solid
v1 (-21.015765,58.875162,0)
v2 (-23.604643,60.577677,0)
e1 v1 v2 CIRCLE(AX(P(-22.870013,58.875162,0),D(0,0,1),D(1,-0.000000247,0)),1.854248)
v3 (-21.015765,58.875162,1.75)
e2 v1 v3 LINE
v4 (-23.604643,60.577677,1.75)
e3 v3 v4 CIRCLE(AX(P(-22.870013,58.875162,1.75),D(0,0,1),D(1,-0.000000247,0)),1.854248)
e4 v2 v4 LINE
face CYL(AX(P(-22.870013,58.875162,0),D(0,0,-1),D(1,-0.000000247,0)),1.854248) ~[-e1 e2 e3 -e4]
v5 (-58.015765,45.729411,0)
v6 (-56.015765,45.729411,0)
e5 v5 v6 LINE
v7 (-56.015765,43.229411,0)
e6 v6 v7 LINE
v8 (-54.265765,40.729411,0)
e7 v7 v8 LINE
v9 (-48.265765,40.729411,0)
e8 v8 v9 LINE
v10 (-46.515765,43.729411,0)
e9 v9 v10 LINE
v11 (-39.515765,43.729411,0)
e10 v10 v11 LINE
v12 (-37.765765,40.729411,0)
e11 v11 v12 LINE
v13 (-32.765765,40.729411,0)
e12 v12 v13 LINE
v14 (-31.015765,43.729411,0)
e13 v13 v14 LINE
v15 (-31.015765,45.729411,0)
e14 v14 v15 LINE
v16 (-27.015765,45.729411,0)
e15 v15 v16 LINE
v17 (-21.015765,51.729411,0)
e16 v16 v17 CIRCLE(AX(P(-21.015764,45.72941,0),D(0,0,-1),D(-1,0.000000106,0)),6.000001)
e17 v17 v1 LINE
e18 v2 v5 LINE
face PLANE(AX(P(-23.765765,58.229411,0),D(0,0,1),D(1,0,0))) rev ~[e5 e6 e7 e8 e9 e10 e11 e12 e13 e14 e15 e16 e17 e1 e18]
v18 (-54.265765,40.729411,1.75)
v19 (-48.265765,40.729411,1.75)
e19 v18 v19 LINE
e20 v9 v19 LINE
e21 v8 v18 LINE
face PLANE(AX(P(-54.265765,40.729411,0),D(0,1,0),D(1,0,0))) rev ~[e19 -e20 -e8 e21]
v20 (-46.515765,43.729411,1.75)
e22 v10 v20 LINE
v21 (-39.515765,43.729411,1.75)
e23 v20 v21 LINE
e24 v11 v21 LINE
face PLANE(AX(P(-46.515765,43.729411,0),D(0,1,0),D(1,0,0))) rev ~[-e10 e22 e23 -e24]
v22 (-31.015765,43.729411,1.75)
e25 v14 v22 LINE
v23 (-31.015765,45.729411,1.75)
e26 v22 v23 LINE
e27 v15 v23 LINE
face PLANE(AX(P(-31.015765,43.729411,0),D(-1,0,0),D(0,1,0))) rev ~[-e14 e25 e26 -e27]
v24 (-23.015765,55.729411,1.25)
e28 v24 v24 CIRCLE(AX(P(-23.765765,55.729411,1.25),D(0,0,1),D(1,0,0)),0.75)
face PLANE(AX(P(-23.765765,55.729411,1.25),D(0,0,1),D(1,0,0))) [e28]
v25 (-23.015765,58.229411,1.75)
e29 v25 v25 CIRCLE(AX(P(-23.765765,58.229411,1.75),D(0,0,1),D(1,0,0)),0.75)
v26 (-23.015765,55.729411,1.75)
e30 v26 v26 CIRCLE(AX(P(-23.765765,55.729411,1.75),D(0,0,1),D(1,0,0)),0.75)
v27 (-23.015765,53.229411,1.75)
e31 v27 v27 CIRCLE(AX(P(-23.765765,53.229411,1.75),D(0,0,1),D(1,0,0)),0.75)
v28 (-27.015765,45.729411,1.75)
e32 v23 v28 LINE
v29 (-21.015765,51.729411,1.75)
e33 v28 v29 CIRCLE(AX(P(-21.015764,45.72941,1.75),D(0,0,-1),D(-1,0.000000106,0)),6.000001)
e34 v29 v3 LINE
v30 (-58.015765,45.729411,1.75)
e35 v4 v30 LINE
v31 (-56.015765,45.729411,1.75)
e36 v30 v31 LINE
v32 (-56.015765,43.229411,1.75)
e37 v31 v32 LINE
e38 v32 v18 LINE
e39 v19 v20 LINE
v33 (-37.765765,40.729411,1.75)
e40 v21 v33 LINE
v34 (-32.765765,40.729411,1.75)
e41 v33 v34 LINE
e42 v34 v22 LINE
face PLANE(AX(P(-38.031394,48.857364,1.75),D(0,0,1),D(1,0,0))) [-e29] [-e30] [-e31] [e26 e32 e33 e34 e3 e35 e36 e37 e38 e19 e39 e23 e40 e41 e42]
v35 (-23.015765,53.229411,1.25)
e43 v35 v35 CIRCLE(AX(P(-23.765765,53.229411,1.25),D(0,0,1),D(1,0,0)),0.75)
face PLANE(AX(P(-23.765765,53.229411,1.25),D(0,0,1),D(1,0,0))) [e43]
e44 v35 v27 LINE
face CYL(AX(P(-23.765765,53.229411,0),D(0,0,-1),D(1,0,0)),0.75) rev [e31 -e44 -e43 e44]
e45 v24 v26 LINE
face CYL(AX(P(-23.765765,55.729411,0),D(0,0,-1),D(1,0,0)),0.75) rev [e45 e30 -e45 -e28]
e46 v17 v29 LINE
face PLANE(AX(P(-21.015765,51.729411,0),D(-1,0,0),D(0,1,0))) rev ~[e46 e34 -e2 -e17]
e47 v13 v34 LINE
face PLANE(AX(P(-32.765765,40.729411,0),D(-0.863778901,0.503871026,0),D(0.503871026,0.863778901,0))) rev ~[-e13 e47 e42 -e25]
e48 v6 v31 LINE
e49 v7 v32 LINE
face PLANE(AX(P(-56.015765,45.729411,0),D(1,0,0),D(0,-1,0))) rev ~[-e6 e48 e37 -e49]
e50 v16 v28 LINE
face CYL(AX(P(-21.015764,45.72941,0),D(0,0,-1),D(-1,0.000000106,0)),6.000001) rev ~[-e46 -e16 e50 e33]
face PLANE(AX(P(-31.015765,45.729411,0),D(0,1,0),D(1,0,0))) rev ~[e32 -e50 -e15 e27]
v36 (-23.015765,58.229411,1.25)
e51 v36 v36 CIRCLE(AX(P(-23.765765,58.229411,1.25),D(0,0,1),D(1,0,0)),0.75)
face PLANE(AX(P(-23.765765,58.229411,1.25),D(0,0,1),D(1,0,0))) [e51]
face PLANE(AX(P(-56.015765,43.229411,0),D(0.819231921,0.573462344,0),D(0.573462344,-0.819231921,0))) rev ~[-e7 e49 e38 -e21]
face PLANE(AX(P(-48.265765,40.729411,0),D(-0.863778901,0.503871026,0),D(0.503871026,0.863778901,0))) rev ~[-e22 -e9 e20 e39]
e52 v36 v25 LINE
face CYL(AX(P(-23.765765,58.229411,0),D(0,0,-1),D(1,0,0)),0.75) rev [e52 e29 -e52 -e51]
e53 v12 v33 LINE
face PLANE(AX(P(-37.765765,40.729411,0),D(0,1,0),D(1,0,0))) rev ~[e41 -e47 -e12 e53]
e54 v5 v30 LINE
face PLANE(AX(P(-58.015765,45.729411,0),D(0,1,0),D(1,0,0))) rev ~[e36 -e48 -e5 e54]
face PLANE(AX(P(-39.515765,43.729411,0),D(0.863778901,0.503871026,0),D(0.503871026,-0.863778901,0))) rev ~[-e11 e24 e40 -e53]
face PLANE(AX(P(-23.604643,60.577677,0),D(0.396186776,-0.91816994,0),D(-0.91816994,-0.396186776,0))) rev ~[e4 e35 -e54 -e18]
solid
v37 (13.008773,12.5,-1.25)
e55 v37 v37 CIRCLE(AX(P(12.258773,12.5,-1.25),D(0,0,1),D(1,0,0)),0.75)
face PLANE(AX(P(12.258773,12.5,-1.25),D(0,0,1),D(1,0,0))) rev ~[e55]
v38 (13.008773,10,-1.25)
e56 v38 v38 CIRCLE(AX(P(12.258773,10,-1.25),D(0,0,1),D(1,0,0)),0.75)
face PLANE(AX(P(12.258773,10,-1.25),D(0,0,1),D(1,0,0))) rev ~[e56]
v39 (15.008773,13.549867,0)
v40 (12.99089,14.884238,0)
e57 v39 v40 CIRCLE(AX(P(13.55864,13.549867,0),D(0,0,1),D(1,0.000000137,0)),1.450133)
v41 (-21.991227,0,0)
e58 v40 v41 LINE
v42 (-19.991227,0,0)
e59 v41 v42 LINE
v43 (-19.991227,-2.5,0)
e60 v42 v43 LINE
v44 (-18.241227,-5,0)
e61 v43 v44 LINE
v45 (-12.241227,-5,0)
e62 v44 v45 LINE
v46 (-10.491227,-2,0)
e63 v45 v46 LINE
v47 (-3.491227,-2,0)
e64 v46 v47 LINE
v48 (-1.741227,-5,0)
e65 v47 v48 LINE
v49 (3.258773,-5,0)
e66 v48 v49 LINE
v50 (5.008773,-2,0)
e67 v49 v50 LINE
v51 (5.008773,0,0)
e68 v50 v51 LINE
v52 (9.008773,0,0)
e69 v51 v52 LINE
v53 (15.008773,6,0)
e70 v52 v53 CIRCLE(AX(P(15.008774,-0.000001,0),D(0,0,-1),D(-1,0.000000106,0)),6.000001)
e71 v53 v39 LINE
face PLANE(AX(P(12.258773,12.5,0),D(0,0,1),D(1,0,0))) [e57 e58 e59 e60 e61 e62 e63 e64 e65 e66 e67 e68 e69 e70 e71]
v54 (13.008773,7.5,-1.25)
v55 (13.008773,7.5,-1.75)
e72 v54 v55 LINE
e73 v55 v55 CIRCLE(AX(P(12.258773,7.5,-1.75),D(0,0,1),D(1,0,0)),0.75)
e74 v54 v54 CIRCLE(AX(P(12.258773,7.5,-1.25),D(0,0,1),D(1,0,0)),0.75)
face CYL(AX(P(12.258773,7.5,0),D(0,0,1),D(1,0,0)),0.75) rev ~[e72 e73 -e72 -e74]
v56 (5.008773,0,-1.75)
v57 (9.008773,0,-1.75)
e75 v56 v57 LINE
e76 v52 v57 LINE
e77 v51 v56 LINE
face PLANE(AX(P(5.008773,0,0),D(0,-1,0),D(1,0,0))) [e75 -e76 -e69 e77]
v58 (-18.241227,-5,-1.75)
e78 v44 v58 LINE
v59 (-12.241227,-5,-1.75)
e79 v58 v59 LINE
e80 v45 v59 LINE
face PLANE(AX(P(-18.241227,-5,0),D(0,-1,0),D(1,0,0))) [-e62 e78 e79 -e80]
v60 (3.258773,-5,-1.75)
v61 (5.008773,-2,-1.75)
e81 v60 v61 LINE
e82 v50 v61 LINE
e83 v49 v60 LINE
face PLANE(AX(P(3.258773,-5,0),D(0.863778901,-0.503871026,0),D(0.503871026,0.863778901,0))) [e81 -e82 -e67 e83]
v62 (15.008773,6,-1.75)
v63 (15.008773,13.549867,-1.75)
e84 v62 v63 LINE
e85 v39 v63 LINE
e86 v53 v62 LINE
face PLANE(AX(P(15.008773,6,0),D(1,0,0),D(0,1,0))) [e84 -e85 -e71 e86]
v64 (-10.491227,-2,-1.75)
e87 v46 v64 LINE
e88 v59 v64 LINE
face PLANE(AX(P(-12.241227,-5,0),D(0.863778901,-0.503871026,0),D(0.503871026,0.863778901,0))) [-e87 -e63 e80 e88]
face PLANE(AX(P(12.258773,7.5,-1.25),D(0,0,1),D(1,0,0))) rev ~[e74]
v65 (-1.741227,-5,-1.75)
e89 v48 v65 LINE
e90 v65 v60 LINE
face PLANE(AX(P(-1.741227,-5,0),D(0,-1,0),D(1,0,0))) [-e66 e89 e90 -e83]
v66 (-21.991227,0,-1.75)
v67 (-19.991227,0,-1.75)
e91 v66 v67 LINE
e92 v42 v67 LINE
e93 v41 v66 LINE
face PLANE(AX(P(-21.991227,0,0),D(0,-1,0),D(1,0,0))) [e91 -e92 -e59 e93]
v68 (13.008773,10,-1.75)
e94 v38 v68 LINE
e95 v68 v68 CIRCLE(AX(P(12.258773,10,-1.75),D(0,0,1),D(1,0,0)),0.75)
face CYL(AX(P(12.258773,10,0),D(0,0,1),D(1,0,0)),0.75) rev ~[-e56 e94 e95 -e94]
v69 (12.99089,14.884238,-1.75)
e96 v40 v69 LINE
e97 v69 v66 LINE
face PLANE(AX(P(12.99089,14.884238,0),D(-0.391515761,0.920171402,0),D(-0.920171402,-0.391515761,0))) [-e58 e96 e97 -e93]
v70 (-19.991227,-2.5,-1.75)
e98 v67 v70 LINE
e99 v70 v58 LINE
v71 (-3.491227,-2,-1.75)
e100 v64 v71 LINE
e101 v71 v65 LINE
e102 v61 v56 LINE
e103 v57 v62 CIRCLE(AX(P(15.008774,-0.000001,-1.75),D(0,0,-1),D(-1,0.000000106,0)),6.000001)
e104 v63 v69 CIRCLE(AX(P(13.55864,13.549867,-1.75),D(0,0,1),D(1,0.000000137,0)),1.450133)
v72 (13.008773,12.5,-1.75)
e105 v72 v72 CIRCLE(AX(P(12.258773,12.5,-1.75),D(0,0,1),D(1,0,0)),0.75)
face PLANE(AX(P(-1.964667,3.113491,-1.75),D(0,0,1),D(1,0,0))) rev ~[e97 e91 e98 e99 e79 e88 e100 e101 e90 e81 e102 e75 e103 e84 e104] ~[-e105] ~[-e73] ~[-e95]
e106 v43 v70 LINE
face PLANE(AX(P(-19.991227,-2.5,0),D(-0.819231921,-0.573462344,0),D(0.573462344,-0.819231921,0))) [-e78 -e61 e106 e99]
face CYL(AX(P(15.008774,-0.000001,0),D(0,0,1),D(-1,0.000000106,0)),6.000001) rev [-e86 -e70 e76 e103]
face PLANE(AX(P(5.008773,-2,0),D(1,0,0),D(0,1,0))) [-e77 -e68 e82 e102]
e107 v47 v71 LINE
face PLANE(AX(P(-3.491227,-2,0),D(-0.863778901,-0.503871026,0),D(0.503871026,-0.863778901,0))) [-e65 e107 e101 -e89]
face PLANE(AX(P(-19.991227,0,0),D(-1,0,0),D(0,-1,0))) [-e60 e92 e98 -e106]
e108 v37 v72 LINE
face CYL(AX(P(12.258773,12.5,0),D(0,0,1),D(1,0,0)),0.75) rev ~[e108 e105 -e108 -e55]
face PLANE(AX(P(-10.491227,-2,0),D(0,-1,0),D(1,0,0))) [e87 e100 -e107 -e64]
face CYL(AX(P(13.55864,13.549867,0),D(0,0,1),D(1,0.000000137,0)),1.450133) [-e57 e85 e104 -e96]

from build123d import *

# Parameters (mm, degrees)
F1_R     = 0.75
F2_DEPTH = 1.75
F0_R     = 0.75
F3_DEPTH = 1.75
F4_DEPTH = 1.25
F5_DEPTH = 1.25


with BuildPart() as f2:
    # F1 (on Top) → F2 (new body)
    with BuildSketch(Plane.XY):
        with BuildLine():
            Line((12.99089, 14.884238), (-21.991227, 0))
            Line((-21.991227, 0), (-19.991227, 0))
            Line((-19.991227, 0), (-19.991227, -2.5))
            Line((-19.991227, -2.5), (-18.241227, -5))
            Line((-18.241227, -5), (-12.241227, -5))
            Line((-12.241227, -5), (-10.491227, -2))
            Line((-10.491227, -2), (-3.491227, -2))
            Line((-3.491227, -2), (-1.741227, -5))
            Line((-1.741227, -5), (3.258773, -5))
            Line((3.258773, -5), (5.008773, -2))
            Line((5.008773, -2), (5.008773, 0))
            Line((5.008773, 0), (9.008773, 0))
            ThreePointArc((9.008773, 0), (10.766133, 4.242641), (15.008773, 6))
            Line((15.008773, 6), (15.008773, 13.549867))
            ThreePointArc((15.008773, 13.549867), (14.358507, 14.759453), (12.99089, 14.884238))
        make_face()
        with Locations((12.258773, 7.5)):
            Circle(F1_R, mode=Mode.SUBTRACT)
        with Locations((12.258773, 10)):
            Circle(F1_R, mode=Mode.SUBTRACT)
        with Locations((12.258773, 12.5)):
            Circle(F1_R, mode=Mode.SUBTRACT)
    extrude(amount=-F2_DEPTH)

    # F1 (on Top) → F4 (join)
    with BuildSketch(Plane.XY):
        with Locations((12.258773, 12.5)):
            Circle(F1_R)
        with Locations((12.258773, 10)):
            Circle(F1_R)
        with Locations((12.258773, 7.5)):
            Circle(F1_R)
    extrude(amount=-F4_DEPTH)


with BuildPart() as f3:
    # F0 (on Top) → F3 (new body)
    with BuildSketch(Plane.XY):
        with BuildLine():
            Line((-23.604643, 60.577677), (-58.015765, 45.729411))
            Line((-58.015765, 45.729411), (-56.015765, 45.729411))
            Line((-56.015765, 45.729411), (-56.015765, 43.229411))
            Line((-56.015765, 43.229411), (-54.265765, 40.729411))
            Line((-54.265765, 40.729411), (-48.265765, 40.729411))
            Line((-48.265765, 40.729411), (-46.515765, 43.729411))
            Line((-46.515765, 43.729411), (-39.515765, 43.729411))
            Line((-39.515765, 43.729411), (-37.765765, 40.729411))
            Line((-37.765765, 40.729411), (-32.765765, 40.729411))
            Line((-32.765765, 40.729411), (-31.015765, 43.729411))
            Line((-31.015765, 43.729411), (-31.015765, 45.729411))
            Line((-31.015765, 45.729411), (-27.015765, 45.729411))
            ThreePointArc((-27.015765, 45.729411), (-25.258406, 49.972051), (-21.015765, 51.729411))
            Line((-21.015765, 51.729411), (-21.015765, 58.875162))
            ThreePointArc((-21.015765, 58.875162), (-21.851178, 60.424424), (-23.604643, 60.577677))
        make_face()
        with Locations((-23.765765, 53.229411)):
            Circle(F0_R, mode=Mode.SUBTRACT)
        with Locations((-23.765765, 55.729411)):
            Circle(F0_R, mode=Mode.SUBTRACT)
        with Locations((-23.765765, 58.229411)):
            Circle(F0_R, mode=Mode.SUBTRACT)
    extrude(amount=F3_DEPTH)

    # F0 (on Top) → F5 (join)
    with BuildSketch(Plane.XY):
        with Locations((-23.765765, 58.229411)):
            Circle(F0_R)
        with Locations((-23.765765, 55.729411)):
            Circle(F0_R)
        with Locations((-23.765765, 53.229411)):
            Circle(F0_R)
    extrude(amount=F5_DEPTH)


solid = Compound([f2.part, f3.part])
